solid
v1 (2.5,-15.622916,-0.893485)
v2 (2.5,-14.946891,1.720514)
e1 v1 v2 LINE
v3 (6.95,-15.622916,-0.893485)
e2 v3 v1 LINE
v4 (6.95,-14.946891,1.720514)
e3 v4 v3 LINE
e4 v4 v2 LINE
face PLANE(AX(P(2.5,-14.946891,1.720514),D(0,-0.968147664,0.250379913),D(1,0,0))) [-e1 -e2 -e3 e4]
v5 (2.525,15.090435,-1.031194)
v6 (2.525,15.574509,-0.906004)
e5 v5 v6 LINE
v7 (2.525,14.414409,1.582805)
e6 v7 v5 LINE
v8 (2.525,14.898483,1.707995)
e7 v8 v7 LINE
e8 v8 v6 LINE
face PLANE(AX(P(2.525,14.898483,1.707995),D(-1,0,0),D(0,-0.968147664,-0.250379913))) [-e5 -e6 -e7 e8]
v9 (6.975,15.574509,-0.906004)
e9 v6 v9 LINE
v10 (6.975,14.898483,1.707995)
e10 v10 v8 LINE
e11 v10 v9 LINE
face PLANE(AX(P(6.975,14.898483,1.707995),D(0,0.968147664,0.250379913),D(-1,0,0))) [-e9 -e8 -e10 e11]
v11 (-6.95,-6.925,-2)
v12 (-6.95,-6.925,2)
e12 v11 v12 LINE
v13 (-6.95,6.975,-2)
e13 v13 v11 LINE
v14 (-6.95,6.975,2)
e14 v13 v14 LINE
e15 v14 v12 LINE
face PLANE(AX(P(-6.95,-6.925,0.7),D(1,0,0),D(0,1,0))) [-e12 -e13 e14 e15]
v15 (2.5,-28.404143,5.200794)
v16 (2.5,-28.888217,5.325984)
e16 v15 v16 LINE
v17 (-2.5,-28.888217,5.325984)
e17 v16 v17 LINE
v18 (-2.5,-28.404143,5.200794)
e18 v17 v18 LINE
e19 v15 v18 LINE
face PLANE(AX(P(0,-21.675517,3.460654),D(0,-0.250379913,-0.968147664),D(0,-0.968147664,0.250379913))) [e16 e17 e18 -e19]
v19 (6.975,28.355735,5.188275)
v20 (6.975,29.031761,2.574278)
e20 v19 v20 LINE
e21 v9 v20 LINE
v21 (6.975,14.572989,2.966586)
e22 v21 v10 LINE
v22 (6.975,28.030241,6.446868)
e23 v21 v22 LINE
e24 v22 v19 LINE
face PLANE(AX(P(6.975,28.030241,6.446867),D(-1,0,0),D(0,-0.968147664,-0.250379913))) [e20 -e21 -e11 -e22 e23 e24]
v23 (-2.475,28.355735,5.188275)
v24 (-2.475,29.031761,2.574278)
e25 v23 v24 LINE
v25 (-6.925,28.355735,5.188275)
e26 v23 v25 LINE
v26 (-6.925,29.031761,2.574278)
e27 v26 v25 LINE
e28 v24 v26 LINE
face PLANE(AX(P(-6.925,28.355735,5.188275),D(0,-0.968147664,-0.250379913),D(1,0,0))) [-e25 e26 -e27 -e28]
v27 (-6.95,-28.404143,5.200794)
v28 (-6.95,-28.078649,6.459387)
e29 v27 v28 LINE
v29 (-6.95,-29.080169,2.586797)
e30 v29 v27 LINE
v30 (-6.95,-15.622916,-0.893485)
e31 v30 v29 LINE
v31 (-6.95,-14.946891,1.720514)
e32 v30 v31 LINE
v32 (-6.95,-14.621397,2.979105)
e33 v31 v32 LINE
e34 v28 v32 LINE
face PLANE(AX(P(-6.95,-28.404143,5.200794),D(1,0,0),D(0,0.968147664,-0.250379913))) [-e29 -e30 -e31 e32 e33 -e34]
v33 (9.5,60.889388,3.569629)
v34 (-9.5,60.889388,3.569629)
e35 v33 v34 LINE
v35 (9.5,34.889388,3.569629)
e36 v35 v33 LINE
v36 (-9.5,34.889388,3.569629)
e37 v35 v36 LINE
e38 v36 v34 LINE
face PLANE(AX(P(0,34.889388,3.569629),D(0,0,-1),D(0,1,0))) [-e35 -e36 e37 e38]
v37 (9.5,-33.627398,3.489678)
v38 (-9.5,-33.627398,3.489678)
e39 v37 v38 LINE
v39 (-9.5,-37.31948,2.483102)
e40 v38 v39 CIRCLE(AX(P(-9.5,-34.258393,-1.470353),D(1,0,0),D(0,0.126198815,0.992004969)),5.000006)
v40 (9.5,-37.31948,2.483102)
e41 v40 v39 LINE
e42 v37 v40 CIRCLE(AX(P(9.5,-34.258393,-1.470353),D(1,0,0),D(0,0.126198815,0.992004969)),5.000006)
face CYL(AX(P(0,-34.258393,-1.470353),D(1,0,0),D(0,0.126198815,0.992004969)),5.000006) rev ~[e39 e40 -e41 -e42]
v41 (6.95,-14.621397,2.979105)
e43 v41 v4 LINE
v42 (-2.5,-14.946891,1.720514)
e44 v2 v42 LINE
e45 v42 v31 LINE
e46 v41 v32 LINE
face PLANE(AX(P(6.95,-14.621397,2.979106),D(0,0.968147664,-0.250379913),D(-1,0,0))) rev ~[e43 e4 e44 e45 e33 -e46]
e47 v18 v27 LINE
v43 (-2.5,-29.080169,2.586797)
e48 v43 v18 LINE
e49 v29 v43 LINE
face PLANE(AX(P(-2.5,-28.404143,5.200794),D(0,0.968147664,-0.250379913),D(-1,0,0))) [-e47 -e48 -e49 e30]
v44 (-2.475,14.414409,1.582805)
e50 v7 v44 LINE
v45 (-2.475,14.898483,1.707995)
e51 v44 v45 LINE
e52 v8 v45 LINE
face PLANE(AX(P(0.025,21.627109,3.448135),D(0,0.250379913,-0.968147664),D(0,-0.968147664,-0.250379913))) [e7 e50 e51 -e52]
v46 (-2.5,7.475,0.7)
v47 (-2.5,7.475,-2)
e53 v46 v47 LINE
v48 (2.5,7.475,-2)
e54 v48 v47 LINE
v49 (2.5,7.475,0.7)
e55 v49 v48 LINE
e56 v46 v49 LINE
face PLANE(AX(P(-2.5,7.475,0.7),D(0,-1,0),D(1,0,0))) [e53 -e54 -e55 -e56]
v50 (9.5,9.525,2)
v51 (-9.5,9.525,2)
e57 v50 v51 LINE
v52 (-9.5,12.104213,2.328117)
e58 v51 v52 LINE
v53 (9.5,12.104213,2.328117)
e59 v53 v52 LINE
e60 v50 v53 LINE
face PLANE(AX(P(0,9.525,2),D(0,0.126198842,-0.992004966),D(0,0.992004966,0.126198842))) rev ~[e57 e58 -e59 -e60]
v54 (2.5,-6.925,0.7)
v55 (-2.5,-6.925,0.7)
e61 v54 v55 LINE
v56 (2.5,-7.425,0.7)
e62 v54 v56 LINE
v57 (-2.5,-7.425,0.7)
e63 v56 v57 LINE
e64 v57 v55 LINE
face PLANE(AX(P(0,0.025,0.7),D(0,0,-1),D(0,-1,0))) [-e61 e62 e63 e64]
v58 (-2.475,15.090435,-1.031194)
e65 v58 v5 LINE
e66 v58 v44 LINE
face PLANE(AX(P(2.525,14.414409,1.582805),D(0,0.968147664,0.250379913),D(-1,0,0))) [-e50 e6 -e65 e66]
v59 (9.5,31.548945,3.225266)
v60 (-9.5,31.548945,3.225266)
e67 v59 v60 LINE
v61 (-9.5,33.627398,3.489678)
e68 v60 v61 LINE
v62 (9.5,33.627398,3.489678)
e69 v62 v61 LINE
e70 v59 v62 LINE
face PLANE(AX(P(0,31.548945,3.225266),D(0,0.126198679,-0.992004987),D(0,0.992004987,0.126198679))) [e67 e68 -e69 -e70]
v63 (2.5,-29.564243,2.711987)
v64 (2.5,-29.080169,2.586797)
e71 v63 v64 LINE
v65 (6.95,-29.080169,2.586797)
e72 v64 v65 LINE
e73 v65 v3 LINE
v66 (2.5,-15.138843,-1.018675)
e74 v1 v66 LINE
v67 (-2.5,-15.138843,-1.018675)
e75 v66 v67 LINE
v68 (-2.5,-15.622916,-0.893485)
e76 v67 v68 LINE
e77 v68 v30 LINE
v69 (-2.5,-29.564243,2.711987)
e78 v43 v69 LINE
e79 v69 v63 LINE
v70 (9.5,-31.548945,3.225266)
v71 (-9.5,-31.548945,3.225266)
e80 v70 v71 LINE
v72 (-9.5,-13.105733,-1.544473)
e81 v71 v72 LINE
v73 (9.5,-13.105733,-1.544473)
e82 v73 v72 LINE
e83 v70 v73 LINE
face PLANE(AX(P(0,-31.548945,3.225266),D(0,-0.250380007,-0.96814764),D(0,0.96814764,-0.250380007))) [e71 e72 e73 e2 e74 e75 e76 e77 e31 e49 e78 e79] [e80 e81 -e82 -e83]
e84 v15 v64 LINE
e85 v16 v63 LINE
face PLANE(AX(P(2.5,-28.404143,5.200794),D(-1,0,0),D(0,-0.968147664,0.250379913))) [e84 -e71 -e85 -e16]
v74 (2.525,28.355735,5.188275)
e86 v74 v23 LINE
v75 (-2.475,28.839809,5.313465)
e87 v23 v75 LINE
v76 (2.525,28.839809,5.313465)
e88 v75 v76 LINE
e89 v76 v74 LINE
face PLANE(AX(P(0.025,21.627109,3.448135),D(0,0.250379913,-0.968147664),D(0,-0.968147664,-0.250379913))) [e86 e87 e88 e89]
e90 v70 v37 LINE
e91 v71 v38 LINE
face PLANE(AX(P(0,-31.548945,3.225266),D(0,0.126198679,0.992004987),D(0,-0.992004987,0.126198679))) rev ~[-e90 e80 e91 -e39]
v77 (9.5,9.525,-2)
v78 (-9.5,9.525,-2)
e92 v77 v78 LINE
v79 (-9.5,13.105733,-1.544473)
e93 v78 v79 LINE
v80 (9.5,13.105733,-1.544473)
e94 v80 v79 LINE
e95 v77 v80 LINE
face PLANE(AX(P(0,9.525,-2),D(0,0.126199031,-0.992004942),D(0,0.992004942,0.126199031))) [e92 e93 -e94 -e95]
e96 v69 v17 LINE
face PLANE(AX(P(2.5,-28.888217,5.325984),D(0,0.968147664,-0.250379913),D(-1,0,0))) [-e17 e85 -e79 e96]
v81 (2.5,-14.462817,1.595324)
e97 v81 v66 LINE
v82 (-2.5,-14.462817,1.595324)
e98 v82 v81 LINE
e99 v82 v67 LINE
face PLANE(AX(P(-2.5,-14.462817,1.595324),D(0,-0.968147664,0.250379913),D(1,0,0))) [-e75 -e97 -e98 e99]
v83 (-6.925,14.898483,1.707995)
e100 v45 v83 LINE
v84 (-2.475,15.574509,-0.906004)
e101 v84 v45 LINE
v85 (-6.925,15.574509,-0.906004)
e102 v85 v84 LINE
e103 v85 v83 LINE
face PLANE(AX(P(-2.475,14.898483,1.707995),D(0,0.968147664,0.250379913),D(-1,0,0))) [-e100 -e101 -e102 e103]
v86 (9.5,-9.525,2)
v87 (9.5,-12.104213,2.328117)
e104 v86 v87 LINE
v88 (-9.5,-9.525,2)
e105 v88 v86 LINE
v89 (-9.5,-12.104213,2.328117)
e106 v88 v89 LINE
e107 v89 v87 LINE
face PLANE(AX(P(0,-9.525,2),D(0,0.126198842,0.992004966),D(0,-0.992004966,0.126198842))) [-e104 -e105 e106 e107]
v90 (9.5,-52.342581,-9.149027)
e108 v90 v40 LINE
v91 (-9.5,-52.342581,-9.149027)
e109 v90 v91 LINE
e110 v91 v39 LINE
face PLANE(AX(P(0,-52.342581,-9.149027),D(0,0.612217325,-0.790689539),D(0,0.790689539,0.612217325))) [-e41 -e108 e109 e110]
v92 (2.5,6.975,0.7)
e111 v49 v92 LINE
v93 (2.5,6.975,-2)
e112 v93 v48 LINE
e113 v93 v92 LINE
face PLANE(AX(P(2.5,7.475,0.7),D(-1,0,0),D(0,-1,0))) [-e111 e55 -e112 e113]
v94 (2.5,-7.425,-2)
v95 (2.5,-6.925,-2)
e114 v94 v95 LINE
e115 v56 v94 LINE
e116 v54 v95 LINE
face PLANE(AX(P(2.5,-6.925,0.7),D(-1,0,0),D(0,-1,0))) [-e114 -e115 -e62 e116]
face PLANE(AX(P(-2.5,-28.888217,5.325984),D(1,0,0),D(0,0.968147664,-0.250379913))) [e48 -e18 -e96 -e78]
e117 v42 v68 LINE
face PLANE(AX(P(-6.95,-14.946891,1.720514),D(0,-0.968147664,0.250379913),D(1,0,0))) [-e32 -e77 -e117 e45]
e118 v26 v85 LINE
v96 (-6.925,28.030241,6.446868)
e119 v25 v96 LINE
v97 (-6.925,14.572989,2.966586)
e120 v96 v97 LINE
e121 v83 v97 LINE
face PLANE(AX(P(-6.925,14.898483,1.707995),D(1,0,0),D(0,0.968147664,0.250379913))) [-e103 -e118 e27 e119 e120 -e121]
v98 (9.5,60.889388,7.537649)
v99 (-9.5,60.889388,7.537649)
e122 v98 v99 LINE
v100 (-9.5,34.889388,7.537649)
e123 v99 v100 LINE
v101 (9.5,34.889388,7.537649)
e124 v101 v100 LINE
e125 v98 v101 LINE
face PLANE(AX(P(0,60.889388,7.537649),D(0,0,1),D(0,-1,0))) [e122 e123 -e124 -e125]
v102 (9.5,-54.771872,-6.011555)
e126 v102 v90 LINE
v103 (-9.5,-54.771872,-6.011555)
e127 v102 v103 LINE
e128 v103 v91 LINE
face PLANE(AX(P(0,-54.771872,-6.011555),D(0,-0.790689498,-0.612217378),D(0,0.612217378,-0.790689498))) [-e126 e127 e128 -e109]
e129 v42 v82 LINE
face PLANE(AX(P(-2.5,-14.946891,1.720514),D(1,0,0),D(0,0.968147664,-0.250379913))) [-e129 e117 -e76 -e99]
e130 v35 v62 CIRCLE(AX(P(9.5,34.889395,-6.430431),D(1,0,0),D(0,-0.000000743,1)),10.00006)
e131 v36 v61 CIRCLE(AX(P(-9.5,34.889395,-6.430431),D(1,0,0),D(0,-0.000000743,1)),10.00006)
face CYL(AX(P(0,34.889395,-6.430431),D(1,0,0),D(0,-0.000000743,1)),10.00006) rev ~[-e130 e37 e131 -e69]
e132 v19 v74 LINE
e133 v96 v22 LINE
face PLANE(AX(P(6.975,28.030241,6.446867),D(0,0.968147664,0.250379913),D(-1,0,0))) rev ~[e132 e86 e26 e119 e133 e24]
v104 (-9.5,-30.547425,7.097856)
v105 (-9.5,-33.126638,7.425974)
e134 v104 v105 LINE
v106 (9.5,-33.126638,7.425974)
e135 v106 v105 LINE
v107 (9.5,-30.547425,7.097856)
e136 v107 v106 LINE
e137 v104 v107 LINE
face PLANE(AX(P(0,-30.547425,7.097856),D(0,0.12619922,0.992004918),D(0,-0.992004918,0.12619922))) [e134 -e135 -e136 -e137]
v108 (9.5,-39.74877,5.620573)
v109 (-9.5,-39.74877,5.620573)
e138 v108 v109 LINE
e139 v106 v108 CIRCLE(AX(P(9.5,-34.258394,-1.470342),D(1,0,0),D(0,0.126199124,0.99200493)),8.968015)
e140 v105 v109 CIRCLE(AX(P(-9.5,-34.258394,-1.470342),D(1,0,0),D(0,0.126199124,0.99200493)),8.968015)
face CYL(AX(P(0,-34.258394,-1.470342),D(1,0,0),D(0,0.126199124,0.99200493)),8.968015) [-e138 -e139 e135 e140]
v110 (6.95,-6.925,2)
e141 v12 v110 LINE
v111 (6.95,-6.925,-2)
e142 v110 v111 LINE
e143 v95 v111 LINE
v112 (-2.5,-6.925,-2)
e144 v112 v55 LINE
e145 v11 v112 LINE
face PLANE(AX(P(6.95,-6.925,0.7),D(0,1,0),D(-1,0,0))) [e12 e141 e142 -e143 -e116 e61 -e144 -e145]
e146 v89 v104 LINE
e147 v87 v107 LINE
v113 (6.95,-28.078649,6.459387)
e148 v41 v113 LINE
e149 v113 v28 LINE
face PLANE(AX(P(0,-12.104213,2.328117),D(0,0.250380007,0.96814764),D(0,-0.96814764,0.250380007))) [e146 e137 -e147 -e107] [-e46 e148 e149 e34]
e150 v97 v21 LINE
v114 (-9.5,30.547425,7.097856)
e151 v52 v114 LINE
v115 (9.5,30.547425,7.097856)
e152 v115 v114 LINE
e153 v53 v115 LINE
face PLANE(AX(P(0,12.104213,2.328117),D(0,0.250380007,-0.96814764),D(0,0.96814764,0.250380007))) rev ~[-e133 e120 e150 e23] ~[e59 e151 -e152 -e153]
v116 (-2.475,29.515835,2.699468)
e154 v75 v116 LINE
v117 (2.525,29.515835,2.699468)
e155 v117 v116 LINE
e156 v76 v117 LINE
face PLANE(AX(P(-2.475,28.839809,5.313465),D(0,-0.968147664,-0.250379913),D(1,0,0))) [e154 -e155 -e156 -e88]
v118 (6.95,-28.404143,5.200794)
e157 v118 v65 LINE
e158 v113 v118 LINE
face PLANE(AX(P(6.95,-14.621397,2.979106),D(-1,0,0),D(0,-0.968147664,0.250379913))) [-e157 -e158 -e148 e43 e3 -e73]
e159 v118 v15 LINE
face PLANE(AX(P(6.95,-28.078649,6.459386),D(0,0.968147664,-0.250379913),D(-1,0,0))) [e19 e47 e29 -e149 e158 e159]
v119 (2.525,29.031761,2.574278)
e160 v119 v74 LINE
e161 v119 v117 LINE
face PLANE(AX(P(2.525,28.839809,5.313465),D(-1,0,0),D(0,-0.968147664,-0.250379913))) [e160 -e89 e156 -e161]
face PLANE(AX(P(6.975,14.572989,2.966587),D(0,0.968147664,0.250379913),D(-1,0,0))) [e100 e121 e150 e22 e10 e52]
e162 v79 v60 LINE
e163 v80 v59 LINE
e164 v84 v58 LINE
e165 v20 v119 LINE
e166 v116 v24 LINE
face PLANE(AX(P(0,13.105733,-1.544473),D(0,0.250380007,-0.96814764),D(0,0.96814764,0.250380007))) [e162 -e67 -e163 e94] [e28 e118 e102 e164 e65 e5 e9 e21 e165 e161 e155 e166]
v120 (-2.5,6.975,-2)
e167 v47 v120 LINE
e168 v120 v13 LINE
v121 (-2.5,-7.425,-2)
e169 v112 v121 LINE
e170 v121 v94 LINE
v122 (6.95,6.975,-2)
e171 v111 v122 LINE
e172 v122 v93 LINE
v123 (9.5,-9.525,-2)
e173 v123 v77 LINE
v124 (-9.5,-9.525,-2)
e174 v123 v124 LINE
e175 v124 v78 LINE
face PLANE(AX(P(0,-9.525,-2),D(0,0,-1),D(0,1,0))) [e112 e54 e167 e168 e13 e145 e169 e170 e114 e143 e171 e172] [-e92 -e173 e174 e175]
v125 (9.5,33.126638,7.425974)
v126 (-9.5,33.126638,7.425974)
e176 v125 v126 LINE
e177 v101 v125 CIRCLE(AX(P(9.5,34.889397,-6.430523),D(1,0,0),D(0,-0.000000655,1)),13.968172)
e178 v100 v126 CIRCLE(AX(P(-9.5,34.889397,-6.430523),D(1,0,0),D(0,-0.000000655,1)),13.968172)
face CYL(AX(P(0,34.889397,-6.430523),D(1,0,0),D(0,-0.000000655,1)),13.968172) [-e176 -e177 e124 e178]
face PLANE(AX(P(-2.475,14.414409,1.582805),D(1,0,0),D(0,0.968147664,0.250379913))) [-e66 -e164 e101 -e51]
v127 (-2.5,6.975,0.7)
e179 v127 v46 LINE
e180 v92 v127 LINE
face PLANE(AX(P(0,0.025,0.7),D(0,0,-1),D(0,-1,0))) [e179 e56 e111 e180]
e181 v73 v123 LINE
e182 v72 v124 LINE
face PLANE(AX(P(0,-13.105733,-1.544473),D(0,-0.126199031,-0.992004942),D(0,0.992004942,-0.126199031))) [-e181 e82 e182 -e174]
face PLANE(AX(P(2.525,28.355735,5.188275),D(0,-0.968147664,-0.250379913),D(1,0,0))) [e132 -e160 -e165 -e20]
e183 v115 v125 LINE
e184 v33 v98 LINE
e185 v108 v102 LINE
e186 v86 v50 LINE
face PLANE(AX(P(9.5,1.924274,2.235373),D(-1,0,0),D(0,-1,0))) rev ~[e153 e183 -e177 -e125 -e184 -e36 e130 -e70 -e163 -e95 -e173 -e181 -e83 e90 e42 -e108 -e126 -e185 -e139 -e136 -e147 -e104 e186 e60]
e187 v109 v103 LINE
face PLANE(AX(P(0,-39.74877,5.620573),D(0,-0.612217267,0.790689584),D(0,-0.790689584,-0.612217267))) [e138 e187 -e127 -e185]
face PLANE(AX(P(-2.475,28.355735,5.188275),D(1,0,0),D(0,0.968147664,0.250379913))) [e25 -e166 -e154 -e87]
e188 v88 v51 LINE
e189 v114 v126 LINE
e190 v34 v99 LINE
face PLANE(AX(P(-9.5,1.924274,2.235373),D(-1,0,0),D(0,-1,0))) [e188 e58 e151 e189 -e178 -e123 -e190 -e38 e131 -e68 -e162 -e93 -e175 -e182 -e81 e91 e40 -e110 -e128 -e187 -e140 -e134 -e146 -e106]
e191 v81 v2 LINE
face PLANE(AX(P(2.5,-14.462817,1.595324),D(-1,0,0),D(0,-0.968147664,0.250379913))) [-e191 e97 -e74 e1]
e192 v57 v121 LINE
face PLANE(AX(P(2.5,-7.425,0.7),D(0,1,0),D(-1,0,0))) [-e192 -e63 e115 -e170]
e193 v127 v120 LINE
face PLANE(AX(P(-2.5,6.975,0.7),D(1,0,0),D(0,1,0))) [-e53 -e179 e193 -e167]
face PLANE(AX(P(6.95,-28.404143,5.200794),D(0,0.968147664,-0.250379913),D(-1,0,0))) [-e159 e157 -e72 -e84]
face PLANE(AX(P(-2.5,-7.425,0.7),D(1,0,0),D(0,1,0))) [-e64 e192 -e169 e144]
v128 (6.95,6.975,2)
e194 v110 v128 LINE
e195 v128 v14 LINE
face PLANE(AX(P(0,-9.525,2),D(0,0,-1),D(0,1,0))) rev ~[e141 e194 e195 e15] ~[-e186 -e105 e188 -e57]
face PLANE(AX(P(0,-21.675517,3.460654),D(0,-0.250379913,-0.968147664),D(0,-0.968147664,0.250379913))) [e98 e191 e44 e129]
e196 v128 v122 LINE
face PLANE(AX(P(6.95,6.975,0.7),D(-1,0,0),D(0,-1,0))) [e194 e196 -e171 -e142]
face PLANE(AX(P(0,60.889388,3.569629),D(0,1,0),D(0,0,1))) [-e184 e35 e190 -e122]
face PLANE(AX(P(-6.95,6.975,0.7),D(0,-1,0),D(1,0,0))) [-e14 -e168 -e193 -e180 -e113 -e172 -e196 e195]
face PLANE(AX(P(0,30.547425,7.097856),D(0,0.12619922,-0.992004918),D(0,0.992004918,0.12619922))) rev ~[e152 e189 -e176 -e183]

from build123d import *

# Parameters (mm, degrees)
SKETCH005_W  = 13.9
SKETCH005_H  = 13.9
PAD006_DEPTH = 10
SKETCH006_W  = 13.9
SKETCH006_H  = 13.9
PAD007_DEPTH = 1.3
PAD008_DEPTH = 2.7
PAD009_DEPTH = 10
SKETCH009_W  = 13.9
SKETCH009_H  = 13.9
PAD011_DEPTH = 10
SKETCH010_W  = 13.9
SKETCH010_H  = 13.9
PAD012_DEPTH = 1.3
PAD013_DEPTH = 2.7
PAD014_DEPTH = 10
SKETCH001_W  = 13.9
SKETCH001_H  = 13.9
PAD001_DEPTH = 10
SKETCH002_W  = 13.9
SKETCH002_H  = 13.9
PAD002_DEPTH = 1.3
PAD003_DEPTH = 2.7
PAD004_DEPTH = 10
PAD015_DEPTH = 9.5


with BuildPart() as subtractormiddle:
    # Sketch005 (on Local_CS) → Pad006 (new body)
    with BuildSketch(Plane(origin=(0, 0.025, 2), x_dir=(0, -1, 0), z_dir=(0, 0, 1))):
        Rectangle(SKETCH005_W, SKETCH005_H)
    extrude(amount=PAD006_DEPTH)

    # Sketch006 (on Face5 of Pad006) → Pad007 (join)
    with BuildSketch(Plane(origin=(0, 0.025, 2), x_dir=(0, -1, 0), z_dir=(0, 0, -1))):
        Rectangle(SKETCH006_W, SKETCH006_H)
    extrude(amount=PAD007_DEPTH)

    # Sketch007 (on Face9 of Pad007) → Pad008 (join)
    with BuildSketch(Plane(origin=(0, 0.025, 0.7), x_dir=(0, -1, 0), z_dir=(0, 0, -1))):
        Polygon((-6.95, 6.95), (-6.95, 2.5), (-7.45, 2.5), (-7.45, -2.5), (-6.95, -2.5), (-6.95, -6.95), (6.95, -6.95), (6.95, -2.5), (7.45, -2.5), (7.45, 2.5), (6.95, 2.5), (6.95, 6.95), align=None)
    extrude(amount=PAD008_DEPTH)

    # Sketch007 (on Face9 of Pad007) → Pad009 (join)
    with BuildSketch(Plane(origin=(0, 0.025, 0.7), x_dir=(0, -1, 0), z_dir=(0, 0, -1))):
        Polygon((-6.95, 6.95), (-6.95, 2.5), (-7.45, 2.5), (-7.45, -2.5), (-6.95, -2.5), (-6.95, -6.95), (6.95, -6.95), (6.95, -2.5), (7.45, -2.5), (7.45, 2.5), (6.95, 2.5), (6.95, 6.95), align=None)
    extrude(amount=PAD009_DEPTH)


with BuildPart() as subtractorbottom:
    # Sketch009 (on Local_CS) → Pad011 (new body)
    with BuildSketch(Plane(origin=(0, -21.350023, 4.719246), x_dir=(0, -0.968148, 0.25038), z_dir=(0, 0.25038, 0.968148))):
        Rectangle(SKETCH009_W, SKETCH009_H)
    extrude(amount=PAD011_DEPTH)

    # Sketch010 (on Face5 of Pad011) → Pad012 (join)
    with BuildSketch(Plane(origin=(0, -21.350023, 4.719246), x_dir=(0, -0.968148, 0.25038), z_dir=(0, -0.25038, -0.968148))):
        Rectangle(SKETCH010_W, SKETCH010_H)
    extrude(amount=PAD012_DEPTH)

    # Sketch011 (on Face9 of Pad012) → Pad013 (join)
    with BuildSketch(Plane(origin=(0, -21.675517, 3.460654), x_dir=(0, -0.968148, 0.25038), z_dir=(0, -0.25038, -0.968148))):
        Polygon((-6.95, 6.95), (-6.95, 2.5), (-7.45, 2.5), (-7.45, -2.5), (-6.95, -2.5), (-6.95, -6.95), (6.95, -6.95), (6.95, -2.5), (7.45, -2.5), (7.45, 2.5), (6.95, 2.5), (6.95, 6.95), align=None)
    extrude(amount=PAD013_DEPTH)

    # Sketch011 (on Face9 of Pad012) → Pad014 (join)
    with BuildSketch(Plane(origin=(0, -21.675517, 3.460654), x_dir=(0, -0.968148, 0.25038), z_dir=(0, -0.25038, -0.968148))):
        Polygon((-6.95, 6.95), (-6.95, 2.5), (-7.45, 2.5), (-7.45, -2.5), (-6.95, -2.5), (-6.95, -6.95), (6.95, -6.95), (6.95, -2.5), (7.45, -2.5), (7.45, 2.5), (6.95, 2.5), (6.95, 6.95), align=None)
    extrude(amount=PAD014_DEPTH)


with BuildPart() as refinedsubtractorcompound2:
    # Sketch001 (on Local_CS) → Pad001 (new body)
    with BuildSketch(Plane(origin=(0.025, 21.301615, 4.706727), x_dir=(0, -0.968148, -0.25038), z_dir=(0, -0.25038, 0.968148))):
        Rectangle(SKETCH001_W, SKETCH001_H)
    extrude(amount=PAD001_DEPTH)

    # Sketch002 (on Face5 of Pad001) → Pad002 (join)
    with BuildSketch(Plane(origin=(0.025, 21.301615, 4.706727), x_dir=(0, -0.968148, -0.25038), z_dir=(0, 0.25038, -0.968148))):
        Rectangle(SKETCH002_W, SKETCH002_H)
    extrude(amount=PAD002_DEPTH)

    # Sketch003 (on Face9 of Pad002) → Pad003 (join)
    with BuildSketch(Plane(origin=(0.025, 21.627109, 3.448135), x_dir=(0, -0.968148, -0.25038), z_dir=(0, 0.25038, -0.968148))):
        Polygon((-6.95, 6.95), (-6.95, 2.5), (-7.45, 2.5), (-7.45, -2.5), (-6.95, -2.5), (-6.95, -6.95), (6.95, -6.95), (6.95, -2.5), (7.45, -2.5), (7.45, 2.5), (6.95, 2.5), (6.95, 6.95), align=None)
    extrude(amount=PAD003_DEPTH)

    # Sketch003 (on Face9 of Pad002) → Pad004 (join)
    with BuildSketch(Plane(origin=(0.025, 21.627109, 3.448135), x_dir=(0, -0.968148, -0.25038), z_dir=(0, 0.25038, -0.968148))):
        Polygon((-6.95, 6.95), (-6.95, 2.5), (-7.45, 2.5), (-7.45, -2.5), (-6.95, -2.5), (-6.95, -6.95), (6.95, -6.95), (6.95, -2.5), (7.45, -2.5), (7.45, 2.5), (6.95, 2.5), (6.95, 6.95), align=None)
    extrude(amount=PAD004_DEPTH)

    # Compound: union SubtractorMiddle, SubtractorBottom
    add(subtractormiddle.part)
    add(subtractorbottom.part)


with BuildPart() as keycolumnstraightnice:
    # Sketch012 → Pad015 (new body, symmetric)
    with BuildSketch(Plane.YZ):
        with BuildLine():
            Line((-9.525, 2), (9.525, 2))
            Line((9.525, 2), (12.104213, 2.328117))
            Line((12.104213, 2.328117), (30.547425, 7.097856))
            Line((30.547425, 7.097856), (33.126638, 7.425974))
            ThreePointArc((34.889388, 7.537649), (34.006246, 7.509702), (33.126638, 7.425974))
            Line((60.889388, 7.537649), (34.889388, 7.537649))
            Line((60.889388, 3.569629), (60.889388, 7.537649))
            Line((34.889388, 3.569629), (60.889388, 3.569629))
            ThreePointArc((34.889388, 3.569629), (34.257128, 3.549621), (33.627398, 3.489678))
            Line((31.548945, 3.225266), (33.627398, 3.489678))
            Line((13.105733, -1.544473), (31.548945, 3.225266))
            Line((9.525, -2), (13.105733, -1.544473))
            Line((-9.525, -2), (9.525, -2))
            Line((-13.105733, -1.544473), (-9.525, -2))
            Line((-31.548945, 3.225266), (-13.105733, -1.544473))
            Line((-31.548945, 3.225266), (-33.627398, 3.489678))
            ThreePointArc((-33.627398, 3.489678), (-35.573549, 3.35359), (-37.31948, 2.483102))
            Line((-52.342581, -9.149027), (-37.31948, 2.483102))
            Line((-54.771872, -6.011555), (-52.342581, -9.149027))
            Line((-39.74877, 5.620573), (-54.771872, -6.011555))
            ThreePointArc((-33.126638, 7.425974), (-36.617262, 7.181886), (-39.74877, 5.620573))
            Line((-30.547425, 7.097856), (-33.126638, 7.425974))
            Line((-12.104213, 2.328117), (-30.547425, 7.097856))
            Line((-9.525, 2), (-12.104213, 2.328117))
        make_face()
    extrude(amount=PAD015_DEPTH, both=True)

    # Cut002: cut RefinedSubtractorCompound2
    add(refinedsubtractorcompound2.part, mode=Mode.SUBTRACT)


solid = keycolumnstraightnice.part
